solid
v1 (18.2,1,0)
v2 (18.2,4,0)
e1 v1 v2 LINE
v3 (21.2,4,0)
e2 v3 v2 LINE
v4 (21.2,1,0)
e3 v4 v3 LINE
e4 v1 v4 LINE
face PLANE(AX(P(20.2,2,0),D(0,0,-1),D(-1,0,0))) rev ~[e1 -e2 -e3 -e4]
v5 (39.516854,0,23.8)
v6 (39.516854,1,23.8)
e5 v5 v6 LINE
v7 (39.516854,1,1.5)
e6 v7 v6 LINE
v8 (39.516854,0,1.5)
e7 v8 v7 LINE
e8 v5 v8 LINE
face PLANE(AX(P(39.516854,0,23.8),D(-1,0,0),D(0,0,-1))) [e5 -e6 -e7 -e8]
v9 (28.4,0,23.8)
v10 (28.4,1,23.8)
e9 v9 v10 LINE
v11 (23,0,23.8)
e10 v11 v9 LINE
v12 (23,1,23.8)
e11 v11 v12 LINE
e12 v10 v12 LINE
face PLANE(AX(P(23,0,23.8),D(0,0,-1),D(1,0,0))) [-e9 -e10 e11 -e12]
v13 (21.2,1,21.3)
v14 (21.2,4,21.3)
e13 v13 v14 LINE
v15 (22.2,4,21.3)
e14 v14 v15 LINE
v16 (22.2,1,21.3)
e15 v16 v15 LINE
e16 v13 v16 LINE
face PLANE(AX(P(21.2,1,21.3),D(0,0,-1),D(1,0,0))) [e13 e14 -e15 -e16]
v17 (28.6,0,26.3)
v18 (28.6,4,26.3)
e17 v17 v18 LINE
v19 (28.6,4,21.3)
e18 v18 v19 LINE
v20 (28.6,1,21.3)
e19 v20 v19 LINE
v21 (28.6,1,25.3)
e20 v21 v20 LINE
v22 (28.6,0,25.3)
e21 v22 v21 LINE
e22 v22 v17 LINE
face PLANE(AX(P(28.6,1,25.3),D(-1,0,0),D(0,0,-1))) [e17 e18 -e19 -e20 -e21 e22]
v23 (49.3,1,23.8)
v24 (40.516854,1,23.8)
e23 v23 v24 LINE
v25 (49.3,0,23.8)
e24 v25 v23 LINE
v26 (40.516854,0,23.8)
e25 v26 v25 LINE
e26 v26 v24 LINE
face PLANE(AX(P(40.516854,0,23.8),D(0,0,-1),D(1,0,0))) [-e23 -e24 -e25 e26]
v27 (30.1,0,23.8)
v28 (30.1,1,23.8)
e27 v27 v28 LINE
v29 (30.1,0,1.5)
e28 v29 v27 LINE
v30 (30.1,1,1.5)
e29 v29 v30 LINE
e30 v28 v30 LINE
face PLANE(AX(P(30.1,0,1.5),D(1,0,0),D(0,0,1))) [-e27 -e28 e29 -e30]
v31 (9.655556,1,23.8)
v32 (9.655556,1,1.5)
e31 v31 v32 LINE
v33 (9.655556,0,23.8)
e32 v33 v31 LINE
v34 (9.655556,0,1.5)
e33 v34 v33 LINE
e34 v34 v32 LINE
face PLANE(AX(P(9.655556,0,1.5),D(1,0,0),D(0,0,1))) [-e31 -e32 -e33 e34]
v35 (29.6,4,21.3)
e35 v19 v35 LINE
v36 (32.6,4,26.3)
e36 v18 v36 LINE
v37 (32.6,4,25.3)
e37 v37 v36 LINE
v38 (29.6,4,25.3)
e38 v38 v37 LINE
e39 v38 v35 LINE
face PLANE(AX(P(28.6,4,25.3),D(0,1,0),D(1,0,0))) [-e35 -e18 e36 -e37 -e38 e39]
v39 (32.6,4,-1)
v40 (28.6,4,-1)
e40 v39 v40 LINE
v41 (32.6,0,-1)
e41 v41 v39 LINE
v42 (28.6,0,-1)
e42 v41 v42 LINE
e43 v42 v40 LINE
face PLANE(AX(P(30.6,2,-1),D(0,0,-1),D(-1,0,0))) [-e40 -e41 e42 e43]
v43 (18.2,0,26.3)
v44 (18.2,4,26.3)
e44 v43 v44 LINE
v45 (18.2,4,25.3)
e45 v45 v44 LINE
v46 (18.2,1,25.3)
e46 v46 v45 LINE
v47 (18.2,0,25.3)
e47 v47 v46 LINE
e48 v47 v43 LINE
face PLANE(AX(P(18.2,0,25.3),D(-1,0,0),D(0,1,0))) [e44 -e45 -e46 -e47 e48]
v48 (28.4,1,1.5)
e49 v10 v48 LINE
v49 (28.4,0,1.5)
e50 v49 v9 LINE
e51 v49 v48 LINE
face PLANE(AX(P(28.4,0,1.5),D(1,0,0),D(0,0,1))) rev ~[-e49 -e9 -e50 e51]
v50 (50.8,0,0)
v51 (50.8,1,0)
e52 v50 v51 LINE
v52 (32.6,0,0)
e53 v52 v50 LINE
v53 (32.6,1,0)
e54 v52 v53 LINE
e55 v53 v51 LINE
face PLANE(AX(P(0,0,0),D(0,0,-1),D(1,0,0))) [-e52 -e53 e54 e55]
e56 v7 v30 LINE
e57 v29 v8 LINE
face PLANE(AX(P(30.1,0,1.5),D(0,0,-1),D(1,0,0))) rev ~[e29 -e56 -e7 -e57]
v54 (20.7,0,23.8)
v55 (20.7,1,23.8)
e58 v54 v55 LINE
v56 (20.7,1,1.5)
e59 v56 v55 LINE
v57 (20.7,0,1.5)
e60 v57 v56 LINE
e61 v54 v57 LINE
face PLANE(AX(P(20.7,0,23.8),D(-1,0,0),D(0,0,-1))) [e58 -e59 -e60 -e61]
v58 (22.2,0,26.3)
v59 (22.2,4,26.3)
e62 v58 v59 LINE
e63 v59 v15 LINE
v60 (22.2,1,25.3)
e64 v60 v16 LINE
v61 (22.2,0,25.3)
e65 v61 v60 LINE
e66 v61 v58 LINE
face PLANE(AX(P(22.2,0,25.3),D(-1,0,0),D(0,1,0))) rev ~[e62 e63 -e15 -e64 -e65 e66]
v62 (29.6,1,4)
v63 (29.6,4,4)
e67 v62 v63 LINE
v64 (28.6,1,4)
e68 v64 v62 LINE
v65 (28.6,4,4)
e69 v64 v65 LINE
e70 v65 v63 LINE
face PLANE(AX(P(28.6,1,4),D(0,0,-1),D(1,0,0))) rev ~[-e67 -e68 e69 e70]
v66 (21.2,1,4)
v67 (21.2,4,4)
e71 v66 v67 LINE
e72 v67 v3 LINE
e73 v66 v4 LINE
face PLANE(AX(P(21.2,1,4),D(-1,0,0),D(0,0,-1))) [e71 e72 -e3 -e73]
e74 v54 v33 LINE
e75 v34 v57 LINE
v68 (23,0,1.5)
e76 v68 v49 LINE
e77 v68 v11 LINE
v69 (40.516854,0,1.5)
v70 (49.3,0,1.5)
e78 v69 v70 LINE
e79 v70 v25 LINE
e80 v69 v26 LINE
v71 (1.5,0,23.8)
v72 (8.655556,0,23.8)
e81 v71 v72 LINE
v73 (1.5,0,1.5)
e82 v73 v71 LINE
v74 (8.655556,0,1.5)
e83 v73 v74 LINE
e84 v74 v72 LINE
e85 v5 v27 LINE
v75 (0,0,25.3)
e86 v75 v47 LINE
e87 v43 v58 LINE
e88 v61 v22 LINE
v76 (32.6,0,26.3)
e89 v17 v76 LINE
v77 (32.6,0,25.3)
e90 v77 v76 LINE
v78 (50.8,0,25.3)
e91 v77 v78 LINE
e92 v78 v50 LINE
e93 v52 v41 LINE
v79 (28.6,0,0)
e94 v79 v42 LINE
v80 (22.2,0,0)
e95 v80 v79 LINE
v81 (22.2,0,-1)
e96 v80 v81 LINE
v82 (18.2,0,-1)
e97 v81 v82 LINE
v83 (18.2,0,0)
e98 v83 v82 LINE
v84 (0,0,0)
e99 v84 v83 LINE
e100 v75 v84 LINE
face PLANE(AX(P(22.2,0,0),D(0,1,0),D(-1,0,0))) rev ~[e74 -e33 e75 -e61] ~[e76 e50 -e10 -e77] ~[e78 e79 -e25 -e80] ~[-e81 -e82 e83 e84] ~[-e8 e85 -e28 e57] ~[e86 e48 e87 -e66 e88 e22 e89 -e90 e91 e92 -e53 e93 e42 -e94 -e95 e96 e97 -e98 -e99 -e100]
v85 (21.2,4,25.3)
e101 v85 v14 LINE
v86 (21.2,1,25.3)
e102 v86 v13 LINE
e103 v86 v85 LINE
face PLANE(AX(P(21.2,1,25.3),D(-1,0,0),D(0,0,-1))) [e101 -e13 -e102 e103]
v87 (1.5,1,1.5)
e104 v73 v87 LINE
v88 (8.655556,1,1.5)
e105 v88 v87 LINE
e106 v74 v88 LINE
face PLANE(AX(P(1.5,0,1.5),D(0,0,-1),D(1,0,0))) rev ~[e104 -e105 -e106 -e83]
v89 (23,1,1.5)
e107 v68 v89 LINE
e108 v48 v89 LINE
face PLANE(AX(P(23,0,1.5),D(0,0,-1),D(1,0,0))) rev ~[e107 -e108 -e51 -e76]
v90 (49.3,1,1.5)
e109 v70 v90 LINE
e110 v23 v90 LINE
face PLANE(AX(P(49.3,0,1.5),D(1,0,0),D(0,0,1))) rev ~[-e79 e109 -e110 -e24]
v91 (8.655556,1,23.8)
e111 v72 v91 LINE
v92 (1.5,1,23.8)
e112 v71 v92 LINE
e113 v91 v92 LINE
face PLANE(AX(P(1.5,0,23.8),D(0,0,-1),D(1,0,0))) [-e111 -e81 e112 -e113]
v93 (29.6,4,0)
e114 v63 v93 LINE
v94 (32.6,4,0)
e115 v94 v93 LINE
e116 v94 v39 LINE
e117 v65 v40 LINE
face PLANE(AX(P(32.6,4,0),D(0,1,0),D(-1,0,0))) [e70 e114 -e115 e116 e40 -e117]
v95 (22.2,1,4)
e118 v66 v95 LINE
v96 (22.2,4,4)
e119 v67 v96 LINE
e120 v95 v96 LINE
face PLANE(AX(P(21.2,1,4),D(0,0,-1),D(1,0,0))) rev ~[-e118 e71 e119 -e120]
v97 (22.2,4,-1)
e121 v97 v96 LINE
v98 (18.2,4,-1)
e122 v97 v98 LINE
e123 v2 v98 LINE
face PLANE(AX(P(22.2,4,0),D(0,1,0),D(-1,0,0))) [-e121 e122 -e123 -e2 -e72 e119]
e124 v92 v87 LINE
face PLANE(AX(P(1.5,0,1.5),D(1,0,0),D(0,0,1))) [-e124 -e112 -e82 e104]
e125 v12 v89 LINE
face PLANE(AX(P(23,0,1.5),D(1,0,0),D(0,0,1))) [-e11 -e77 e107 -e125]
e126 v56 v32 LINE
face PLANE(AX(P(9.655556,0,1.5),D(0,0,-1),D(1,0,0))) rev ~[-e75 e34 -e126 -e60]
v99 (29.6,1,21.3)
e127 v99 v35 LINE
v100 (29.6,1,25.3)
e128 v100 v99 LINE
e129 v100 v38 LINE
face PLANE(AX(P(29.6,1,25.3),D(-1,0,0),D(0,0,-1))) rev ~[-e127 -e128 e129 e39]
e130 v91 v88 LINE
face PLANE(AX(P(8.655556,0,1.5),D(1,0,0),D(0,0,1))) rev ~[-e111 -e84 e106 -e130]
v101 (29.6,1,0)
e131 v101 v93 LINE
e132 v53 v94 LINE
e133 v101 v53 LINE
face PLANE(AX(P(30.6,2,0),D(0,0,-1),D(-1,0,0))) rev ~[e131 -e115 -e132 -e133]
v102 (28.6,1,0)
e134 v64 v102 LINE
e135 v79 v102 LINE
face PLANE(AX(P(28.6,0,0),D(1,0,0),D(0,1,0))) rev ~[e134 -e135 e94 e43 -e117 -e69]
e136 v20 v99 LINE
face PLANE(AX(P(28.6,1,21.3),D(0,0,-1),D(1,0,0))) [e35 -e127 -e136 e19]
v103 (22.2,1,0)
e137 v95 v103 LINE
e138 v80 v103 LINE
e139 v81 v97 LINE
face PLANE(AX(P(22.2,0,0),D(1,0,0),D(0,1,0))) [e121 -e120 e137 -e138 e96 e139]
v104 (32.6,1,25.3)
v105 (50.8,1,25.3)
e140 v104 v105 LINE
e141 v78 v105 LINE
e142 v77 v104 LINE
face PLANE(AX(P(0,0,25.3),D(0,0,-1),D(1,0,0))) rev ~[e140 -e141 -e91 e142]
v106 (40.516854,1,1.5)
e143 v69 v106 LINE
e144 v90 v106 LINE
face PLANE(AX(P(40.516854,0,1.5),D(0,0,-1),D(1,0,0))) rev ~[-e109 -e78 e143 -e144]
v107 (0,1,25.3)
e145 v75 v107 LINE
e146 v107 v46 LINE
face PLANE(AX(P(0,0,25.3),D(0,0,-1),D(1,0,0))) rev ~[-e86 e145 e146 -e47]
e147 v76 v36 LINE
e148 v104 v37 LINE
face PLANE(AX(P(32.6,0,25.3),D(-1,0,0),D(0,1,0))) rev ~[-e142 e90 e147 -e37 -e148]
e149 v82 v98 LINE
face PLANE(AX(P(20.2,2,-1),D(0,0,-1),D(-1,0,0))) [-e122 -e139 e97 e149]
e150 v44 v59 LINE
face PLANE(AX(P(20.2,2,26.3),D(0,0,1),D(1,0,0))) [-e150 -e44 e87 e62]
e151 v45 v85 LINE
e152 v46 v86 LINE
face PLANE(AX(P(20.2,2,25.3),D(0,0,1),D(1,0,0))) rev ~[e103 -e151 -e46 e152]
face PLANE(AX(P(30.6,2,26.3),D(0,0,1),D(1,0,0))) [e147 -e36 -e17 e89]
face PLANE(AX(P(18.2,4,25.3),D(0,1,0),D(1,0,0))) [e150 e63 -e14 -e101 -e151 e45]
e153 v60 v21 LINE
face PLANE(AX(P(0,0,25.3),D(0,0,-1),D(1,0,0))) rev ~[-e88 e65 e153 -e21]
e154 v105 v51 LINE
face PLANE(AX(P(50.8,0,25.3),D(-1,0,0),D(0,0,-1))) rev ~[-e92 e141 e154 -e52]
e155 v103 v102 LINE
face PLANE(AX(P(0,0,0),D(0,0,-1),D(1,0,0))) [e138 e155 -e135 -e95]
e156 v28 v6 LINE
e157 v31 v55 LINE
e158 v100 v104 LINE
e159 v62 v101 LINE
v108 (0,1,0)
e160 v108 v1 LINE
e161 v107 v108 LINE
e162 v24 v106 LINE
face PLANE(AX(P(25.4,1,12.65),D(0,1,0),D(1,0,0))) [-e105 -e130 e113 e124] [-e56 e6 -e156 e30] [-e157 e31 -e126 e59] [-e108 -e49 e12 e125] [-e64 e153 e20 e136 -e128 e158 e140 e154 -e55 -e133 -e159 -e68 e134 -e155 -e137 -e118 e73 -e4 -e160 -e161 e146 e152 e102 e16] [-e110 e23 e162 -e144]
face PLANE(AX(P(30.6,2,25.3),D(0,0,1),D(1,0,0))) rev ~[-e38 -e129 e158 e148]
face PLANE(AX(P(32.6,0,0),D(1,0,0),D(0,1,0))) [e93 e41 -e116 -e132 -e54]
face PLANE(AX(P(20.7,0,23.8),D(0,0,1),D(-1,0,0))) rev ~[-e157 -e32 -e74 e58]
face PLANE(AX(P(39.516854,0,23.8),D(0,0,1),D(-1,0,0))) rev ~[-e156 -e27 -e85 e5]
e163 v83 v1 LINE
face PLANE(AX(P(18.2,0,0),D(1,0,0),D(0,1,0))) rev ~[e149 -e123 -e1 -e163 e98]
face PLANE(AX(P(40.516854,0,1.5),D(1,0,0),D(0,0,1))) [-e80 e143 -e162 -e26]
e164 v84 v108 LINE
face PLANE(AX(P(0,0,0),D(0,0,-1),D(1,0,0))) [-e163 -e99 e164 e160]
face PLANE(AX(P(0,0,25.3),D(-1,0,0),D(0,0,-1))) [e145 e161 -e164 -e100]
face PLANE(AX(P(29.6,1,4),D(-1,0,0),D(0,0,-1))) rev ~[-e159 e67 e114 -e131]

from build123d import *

# Parameters (mm, degrees)
SKETCH_1_W          = 50.8
SKETCH_1_H          = 25.3
EXTRUDE_1_DEPTH     = 1
SKETCH_3_W          = 1
SKETCH_3_H          = 4
EXTRUDE_3_DEPTH     = 3
SKETCH_4_W          = 4
SKETCH_4_H          = 4
EXTRUDE_5_DEPTH     = 1
SKETCH_5_W          = 4
SKETCH_5_H          = 4
EXTRUDE_6_DEPTH     = 1
SKETCH_6_W          = 8.783145701
SKETCH_6_H          = 22.3
SKETCH_6_W_2        = 7.155556096
SKETCH_6_W_3        = 5.4
CUT_EXTRUDE_1_DEPTH = 58.343962193


with BuildPart() as part:
    # 草图1 → 凸台-拉伸1 (new body)
    with BuildSketch(Plane(origin=(0, 0, 0), x_dir=(1, 0, 0), z_dir=(0, 1, 0))):
        with Locations((25.4, -12.65)):
            Rectangle(SKETCH_1_W, SKETCH_1_H)
    extrude(amount=EXTRUDE_1_DEPTH)

    # 草图3 → 凸台-拉伸3 (add)
    with BuildSketch(Plane(origin=(0, 1, 0), x_dir=(1, 0, 0), z_dir=(0, 1, 0))):
        with Locations((21.7, -23.3)):
            Rectangle(SKETCH_3_W, SKETCH_3_H)
        with Locations((21.7, -2)):
            Rectangle(SKETCH_3_W, SKETCH_3_H)
        with Locations((29.1, -2)):
            Rectangle(SKETCH_3_W, SKETCH_3_H)
        with Locations((29.1, -23.3)):
            Rectangle(SKETCH_3_W, SKETCH_3_H)
    extrude(amount=EXTRUDE_3_DEPTH)

    # 草图4 → 凸台-拉伸5 (add)
    with BuildSketch(Plane.XY.offset(25.3)):
        with Locations((20.2, 2)):
            Rectangle(SKETCH_4_W, SKETCH_4_H)
        with Locations((30.6, 2)):
            Rectangle(SKETCH_4_W, SKETCH_4_H)
    extrude(amount=EXTRUDE_5_DEPTH)

    # 草图5 → 凸台-拉伸6 (add)
    with BuildSketch(Plane(origin=(0, 0, 0), x_dir=(-1, 0, 0), z_dir=(0, 0, -1))):
        with Locations((-20.2, 2)):
            Rectangle(SKETCH_5_W, SKETCH_5_H)
        with Locations((-30.6, 2)):
            Rectangle(SKETCH_5_W, SKETCH_5_H)
    extrude(amount=EXTRUDE_6_DEPTH)

    # 草图6 → 切除-拉伸1 (cut, through all)
    with BuildSketch(Plane.XZ):
        Polygon((20.7, 1.5), (19.7, 1.5), (9.655556096, 1.5), (9.655556096, 23.8), (19.7, 23.8), (20.7, 23.8), align=None)
        Polygon((30.1, 23.8), (31.1, 23.8), (39.516854299, 23.8), (39.516854299, 1.5), (31.1, 1.5), (30.1, 1.5), align=None)
        with Locations((44.908427149, 12.65)):
            Rectangle(SKETCH_6_W, SKETCH_6_H)
        with Locations((5.077778048, 12.65)):
            Rectangle(SKETCH_6_W_2, SKETCH_6_H)
        with Locations((25.7, 12.65)):
            Rectangle(SKETCH_6_W_3, SKETCH_6_H)
    extrude(amount=-CUT_EXTRUDE_1_DEPTH, mode=Mode.SUBTRACT)


solid = part.part
